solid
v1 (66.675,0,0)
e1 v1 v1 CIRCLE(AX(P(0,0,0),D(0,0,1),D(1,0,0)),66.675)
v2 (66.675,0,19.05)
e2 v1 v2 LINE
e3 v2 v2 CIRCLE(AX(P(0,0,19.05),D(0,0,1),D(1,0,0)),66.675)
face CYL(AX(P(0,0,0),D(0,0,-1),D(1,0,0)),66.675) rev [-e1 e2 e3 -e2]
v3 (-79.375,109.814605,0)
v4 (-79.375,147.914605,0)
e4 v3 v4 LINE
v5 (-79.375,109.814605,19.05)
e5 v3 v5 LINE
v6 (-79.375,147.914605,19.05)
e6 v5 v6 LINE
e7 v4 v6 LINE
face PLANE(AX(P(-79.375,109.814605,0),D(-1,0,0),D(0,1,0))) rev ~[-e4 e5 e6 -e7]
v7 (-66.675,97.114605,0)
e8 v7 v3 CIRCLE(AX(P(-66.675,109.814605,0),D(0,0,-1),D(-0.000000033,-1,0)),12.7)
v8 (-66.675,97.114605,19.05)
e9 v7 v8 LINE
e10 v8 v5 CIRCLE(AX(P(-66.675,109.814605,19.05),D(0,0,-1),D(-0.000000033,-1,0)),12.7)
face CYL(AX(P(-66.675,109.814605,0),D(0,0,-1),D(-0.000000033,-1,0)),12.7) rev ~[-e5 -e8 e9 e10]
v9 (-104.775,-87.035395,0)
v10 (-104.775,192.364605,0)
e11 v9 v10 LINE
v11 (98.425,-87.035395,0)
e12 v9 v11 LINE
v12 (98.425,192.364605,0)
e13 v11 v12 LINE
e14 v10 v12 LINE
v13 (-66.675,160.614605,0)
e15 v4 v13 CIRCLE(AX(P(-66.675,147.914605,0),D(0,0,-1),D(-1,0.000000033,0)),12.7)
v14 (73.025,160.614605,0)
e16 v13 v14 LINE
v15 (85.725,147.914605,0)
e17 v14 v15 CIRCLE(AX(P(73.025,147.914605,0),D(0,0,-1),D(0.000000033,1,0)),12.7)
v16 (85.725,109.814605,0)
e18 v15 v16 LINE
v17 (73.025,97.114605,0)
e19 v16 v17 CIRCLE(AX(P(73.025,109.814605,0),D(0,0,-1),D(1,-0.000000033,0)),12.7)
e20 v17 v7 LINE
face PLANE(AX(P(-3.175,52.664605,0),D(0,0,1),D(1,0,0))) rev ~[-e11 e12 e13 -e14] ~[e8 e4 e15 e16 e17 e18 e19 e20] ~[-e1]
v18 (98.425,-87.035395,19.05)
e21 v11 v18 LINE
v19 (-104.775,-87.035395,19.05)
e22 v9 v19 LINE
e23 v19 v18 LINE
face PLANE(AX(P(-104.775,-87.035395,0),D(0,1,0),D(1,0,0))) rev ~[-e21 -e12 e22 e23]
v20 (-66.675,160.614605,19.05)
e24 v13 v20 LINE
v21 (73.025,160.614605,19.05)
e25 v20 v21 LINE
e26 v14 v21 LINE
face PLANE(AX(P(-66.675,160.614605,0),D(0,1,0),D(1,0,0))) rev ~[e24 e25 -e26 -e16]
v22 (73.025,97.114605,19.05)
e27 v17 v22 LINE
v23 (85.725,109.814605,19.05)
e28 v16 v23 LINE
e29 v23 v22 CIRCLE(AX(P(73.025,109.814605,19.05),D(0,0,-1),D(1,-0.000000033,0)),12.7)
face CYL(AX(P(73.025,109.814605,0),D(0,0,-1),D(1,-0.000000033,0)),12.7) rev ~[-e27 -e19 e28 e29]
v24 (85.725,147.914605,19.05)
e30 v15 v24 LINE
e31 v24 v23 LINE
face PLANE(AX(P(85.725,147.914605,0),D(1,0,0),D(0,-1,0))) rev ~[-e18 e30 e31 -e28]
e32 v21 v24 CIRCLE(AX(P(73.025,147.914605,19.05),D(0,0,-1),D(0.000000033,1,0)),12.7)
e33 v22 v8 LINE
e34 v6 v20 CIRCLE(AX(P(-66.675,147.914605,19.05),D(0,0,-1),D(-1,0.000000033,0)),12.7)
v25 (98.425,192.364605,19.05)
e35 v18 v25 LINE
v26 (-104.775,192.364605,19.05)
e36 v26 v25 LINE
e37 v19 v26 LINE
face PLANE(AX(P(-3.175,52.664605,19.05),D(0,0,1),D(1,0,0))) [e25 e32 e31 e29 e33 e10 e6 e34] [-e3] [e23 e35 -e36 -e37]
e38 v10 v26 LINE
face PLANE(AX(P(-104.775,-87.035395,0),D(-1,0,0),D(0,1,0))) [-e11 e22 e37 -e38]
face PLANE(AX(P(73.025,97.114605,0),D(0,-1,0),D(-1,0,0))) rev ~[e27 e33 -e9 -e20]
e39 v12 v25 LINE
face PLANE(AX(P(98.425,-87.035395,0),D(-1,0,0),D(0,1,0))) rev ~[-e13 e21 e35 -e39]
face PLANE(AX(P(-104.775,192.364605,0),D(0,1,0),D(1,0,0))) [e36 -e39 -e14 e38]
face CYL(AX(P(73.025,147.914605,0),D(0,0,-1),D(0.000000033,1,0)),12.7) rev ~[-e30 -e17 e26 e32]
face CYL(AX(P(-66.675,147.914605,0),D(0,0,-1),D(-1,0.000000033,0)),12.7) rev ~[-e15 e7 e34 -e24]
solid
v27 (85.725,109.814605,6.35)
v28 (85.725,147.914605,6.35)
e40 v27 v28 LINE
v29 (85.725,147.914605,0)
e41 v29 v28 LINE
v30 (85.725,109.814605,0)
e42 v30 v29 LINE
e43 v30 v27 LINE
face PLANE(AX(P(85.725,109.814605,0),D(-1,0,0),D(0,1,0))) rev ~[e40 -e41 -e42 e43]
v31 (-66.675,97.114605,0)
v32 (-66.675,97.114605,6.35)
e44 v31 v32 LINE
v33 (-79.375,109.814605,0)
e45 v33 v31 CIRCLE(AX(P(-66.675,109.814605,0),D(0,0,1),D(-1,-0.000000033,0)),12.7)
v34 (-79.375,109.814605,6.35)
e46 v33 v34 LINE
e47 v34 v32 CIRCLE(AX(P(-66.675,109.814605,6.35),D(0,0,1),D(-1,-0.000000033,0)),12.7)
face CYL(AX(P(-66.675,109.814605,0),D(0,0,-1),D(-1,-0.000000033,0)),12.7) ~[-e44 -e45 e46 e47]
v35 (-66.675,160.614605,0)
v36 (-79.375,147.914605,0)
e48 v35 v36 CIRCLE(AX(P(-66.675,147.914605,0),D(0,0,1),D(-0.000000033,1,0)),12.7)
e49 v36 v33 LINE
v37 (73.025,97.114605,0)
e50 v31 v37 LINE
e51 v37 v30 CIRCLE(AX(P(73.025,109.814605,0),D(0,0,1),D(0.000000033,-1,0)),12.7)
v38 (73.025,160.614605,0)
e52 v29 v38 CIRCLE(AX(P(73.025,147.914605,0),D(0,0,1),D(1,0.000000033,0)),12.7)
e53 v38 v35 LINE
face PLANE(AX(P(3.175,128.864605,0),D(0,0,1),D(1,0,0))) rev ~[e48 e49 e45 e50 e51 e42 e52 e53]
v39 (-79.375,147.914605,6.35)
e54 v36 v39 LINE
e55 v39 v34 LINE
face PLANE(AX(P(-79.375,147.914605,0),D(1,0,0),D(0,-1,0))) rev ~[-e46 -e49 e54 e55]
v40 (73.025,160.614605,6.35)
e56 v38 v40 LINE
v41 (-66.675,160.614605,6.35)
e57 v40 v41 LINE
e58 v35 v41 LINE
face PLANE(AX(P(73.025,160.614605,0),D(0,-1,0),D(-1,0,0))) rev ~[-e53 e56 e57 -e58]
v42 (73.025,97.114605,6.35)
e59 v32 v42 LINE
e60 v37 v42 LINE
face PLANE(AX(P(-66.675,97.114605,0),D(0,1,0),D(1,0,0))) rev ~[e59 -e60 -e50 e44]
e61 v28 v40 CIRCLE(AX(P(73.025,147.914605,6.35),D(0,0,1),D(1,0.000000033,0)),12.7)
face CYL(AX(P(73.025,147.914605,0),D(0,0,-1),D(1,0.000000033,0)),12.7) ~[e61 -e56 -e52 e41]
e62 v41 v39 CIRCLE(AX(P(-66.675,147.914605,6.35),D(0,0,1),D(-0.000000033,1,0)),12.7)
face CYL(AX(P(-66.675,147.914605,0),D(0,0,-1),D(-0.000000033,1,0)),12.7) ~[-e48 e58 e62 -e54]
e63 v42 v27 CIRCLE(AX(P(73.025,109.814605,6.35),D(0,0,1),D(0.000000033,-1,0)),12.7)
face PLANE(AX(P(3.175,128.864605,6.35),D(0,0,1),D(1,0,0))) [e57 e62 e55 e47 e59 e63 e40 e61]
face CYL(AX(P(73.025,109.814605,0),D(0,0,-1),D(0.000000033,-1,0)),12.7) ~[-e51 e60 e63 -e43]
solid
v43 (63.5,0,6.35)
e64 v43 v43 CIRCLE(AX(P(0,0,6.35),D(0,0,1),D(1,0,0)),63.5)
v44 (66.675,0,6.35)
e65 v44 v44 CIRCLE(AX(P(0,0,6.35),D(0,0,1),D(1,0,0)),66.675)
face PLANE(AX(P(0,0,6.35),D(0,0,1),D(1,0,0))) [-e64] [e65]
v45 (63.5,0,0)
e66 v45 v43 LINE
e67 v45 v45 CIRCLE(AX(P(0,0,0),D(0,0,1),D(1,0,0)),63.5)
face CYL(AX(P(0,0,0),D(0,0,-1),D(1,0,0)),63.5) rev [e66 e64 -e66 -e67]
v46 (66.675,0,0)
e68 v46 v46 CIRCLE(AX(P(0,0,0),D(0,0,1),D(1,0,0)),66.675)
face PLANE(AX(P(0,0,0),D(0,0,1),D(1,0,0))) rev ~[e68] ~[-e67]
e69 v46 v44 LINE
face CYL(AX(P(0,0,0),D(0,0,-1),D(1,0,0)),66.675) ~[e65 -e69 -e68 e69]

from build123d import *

# Parameters (mm, degrees)
F0_R     = 66.675
F0_R_2   = 63.5
F1_DEPTH = 6.35
F0_W     = 203.2
F0_H     = 279.4
F2_DEPTH = 19.05


with BuildPart() as f1:
    # F0 (on Top) → F1 (new body)
    with BuildSketch(Plane.XY):
        Circle(F0_R)
        Circle(F0_R_2, mode=Mode.SUBTRACT)
        with BuildLine():
            Line((73.025, 160.614605), (-66.675, 160.614605))
            ThreePointArc((-66.675, 160.614605), (-75.655256, 156.894861), (-79.375, 147.914605))
            Line((-79.375, 147.914605), (-79.375, 109.814605))
            ThreePointArc((-79.375, 109.814605), (-75.655256, 100.834349), (-66.675, 97.114605))
            Line((-66.675, 97.114605), (73.025, 97.114605))
            ThreePointArc((73.025, 97.114605), (82.005256, 100.834349), (85.725, 109.814605))
            Line((85.725, 109.814605), (85.725, 147.914605))
            ThreePointArc((85.725, 147.914605), (82.005256, 156.894861), (73.025, 160.614605))
        make_face()
    extrude(amount=F1_DEPTH)


with BuildPart() as f2:
    # F0 (on Top) → F2 (new body)
    with BuildSketch(Plane.XY):
        with Locations((-3.175, 52.664605)):
            Rectangle(F0_W, F0_H)
        Circle(F0_R, mode=Mode.SUBTRACT)
        with BuildLine():
            ThreePointArc((-79.375, 147.914605), (-75.655256, 156.894861), (-66.675, 160.614605))
            Line((-66.675, 160.614605), (73.025, 160.614605))
            ThreePointArc((73.025, 160.614605), (82.005256, 156.894861), (85.725, 147.914605))
            Line((85.725, 147.914605), (85.725, 109.814605))
            ThreePointArc((85.725, 109.814605), (82.005256, 100.834349), (73.025, 97.114605))
            Line((73.025, 97.114605), (-66.675, 97.114605))
            ThreePointArc((-66.675, 97.114605), (-75.655256, 100.834349), (-79.375, 109.814605))
            Line((-79.375, 109.814605), (-79.375, 147.914605))
        make_face(mode=Mode.SUBTRACT)
    extrude(amount=F2_DEPTH)


solid = Compound([f1.part, f2.part])
